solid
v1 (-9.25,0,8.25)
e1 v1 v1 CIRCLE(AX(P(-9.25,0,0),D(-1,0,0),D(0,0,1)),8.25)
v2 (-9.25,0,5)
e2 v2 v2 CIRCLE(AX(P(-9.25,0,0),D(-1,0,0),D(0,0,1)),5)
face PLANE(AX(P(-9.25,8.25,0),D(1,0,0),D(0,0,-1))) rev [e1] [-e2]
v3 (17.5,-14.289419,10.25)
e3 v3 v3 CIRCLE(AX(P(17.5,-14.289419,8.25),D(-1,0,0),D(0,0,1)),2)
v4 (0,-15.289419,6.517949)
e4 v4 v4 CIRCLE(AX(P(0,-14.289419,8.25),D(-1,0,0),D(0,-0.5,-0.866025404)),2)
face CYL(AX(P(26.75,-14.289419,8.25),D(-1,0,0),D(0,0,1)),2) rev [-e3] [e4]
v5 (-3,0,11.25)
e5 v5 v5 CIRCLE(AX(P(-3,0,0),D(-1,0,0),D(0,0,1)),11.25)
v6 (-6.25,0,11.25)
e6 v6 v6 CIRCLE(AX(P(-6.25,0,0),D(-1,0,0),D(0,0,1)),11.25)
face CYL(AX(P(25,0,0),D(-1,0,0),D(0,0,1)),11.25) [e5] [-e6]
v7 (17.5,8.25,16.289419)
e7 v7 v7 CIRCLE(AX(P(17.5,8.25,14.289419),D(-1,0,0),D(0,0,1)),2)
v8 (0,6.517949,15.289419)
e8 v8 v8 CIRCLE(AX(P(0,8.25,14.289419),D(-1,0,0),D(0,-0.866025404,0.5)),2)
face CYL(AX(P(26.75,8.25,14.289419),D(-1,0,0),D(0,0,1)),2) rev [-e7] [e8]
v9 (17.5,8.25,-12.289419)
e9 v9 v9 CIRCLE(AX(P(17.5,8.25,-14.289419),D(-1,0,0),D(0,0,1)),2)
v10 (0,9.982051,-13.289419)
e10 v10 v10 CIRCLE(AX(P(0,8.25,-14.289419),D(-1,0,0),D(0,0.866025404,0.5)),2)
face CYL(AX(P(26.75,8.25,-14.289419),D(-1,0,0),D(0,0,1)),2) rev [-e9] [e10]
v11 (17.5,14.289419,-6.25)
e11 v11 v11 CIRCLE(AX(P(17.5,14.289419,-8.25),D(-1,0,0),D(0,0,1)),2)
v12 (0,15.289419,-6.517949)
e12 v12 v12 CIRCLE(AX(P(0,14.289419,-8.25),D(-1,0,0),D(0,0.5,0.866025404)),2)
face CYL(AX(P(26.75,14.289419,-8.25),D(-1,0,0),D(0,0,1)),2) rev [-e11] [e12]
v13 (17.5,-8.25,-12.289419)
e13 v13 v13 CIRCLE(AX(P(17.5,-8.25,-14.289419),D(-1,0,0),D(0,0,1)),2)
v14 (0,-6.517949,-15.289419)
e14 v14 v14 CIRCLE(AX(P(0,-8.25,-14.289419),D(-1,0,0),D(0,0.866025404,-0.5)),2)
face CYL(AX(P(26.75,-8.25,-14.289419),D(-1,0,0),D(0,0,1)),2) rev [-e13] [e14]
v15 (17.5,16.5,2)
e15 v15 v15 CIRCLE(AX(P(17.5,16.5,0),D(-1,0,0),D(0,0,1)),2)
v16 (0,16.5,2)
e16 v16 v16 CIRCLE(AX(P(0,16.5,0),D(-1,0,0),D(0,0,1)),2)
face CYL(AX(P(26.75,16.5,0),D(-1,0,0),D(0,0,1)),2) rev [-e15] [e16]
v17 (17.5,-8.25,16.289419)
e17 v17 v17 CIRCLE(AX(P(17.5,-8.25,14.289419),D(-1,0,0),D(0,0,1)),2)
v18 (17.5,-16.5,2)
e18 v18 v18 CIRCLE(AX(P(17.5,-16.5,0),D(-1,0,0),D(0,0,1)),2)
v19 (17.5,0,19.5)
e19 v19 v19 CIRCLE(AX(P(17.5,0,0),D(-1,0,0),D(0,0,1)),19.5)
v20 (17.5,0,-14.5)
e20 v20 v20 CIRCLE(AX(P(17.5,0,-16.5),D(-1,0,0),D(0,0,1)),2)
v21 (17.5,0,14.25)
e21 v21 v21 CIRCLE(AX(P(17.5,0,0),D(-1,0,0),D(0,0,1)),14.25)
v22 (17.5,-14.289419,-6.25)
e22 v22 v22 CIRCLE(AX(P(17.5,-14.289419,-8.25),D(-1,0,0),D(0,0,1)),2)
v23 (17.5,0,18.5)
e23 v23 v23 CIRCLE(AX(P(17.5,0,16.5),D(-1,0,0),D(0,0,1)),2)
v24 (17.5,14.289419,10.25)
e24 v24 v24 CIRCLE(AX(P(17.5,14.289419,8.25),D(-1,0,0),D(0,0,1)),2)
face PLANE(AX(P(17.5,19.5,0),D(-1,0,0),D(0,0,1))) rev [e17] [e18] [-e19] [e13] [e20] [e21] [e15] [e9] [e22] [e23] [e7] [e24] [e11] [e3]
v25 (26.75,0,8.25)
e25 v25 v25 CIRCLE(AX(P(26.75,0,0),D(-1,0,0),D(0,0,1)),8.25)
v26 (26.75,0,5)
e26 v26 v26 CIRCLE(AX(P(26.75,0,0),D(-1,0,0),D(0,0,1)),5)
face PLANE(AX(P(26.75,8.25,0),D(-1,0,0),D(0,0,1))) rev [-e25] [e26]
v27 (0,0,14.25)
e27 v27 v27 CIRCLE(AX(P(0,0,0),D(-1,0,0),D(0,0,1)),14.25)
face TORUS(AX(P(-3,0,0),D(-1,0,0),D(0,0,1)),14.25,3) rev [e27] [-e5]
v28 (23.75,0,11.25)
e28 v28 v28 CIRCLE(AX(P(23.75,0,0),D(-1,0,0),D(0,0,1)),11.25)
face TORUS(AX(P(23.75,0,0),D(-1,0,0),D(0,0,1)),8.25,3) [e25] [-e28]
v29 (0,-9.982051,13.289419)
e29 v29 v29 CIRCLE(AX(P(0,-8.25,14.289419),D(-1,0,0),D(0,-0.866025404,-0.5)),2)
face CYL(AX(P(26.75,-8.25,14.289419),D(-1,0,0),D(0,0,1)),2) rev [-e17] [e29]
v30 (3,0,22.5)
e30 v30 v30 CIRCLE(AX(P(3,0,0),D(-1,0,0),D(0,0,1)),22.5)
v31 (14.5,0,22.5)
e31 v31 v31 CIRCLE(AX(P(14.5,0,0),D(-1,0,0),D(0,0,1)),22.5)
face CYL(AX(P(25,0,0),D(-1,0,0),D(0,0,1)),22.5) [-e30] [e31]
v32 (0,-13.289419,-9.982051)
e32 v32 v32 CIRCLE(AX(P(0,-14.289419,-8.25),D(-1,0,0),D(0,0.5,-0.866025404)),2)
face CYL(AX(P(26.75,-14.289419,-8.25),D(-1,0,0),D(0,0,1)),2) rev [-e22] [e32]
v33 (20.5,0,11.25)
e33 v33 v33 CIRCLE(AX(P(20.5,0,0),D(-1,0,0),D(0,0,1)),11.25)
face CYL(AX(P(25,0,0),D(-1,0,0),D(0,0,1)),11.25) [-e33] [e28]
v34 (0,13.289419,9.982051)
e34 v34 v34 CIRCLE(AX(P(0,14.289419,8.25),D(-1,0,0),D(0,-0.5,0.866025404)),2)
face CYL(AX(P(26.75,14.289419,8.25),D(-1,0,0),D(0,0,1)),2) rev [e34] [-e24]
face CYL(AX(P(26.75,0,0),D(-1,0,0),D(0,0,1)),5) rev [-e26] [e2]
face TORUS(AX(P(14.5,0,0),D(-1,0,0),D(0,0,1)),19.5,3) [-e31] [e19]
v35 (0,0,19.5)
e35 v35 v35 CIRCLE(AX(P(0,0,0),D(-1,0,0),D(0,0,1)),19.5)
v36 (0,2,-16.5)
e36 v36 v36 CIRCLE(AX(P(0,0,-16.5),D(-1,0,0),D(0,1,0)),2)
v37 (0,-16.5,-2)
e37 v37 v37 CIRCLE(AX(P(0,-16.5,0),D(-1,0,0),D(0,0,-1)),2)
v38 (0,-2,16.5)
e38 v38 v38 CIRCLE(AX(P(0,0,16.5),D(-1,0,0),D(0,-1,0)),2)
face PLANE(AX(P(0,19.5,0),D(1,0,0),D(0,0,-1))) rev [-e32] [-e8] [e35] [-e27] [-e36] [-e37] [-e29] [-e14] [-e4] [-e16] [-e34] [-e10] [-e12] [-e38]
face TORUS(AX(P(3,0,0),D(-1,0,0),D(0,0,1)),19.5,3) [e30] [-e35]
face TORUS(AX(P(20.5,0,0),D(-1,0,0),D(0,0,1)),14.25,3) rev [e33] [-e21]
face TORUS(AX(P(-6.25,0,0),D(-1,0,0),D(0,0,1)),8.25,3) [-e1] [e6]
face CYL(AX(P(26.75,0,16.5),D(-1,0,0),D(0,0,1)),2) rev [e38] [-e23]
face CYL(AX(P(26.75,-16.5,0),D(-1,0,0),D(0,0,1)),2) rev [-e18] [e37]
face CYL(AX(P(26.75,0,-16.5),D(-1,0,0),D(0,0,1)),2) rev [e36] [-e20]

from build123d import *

# Parameters (mm, degrees)
SKETCH2_R          = 5
CUT_EXTRUDE1_DEPTH = 37
SKETCH3_R          = 2
CUT_EXTRUDE2_DEPTH = 27.75
CIRPATTERN1_COUNT  = 12


with BuildPart() as part:
    # Sketch1 → Revolve1 (revolve)
    with BuildSketch(Plane.XY):
        with BuildLine():
            Line((14.5, 22.5), (3, 22.5))
            ThreePointArc((3, 22.5), (0.878679656, 21.621320344), (0, 19.5))
            Line((0, 19.5), (0, 14.25))
            ThreePointArc((0, 14.25), (-0.878679656, 12.128679656), (-3, 11.25))
            Line((-3, 11.25), (-6.25, 11.25))
            ThreePointArc((-6.25, 11.25), (-8.371320344, 10.371320344), (-9.25, 8.25))
            Line((-9.25, 8.25), (-9.25, 0))
            Line((-9.25, 0), (26.75, 0))
            Line((26.75, 0), (26.75, 8.25))
            ThreePointArc((26.75, 8.25), (25.871320344, 10.371320344), (23.75, 11.25))
            Line((23.75, 11.25), (20.5, 11.25))
            ThreePointArc((20.5, 11.25), (18.378679656, 12.128679656), (17.5, 14.25))
            Line((17.5, 14.25), (17.5, 19.5))
            ThreePointArc((17.5, 19.5), (16.621320344, 21.621320344), (14.5, 22.5))
        make_face()
    revolve(axis=Axis((25, 0, 0), (1, 0, 0)))

    # Sketch2 → Cut-Extrude1 (cut, through all)
    with BuildSketch(Plane.ZY.offset(9.25)):
        Circle(SKETCH2_R)
    extrude(amount=-CUT_EXTRUDE1_DEPTH, mode=Mode.SUBTRACT)

    # Sketch3 → Cut-Extrude2 (cut, through all)
    with BuildSketch(Plane.ZY):
        with Locations((0, 16.5)):
            Circle(SKETCH3_R)
    cut_extrude2 = extrude(amount=-CUT_EXTRUDE2_DEPTH, mode=Mode.SUBTRACT)

    # CirPattern1: Cut-Extrude2 ×12 about axis
    cirpattern1_axis = Axis((0, 0, 0), (1, 0, 0))
    for i in range(1, CIRPATTERN1_COUNT):
        add(cut_extrude2.rotate(cirpattern1_axis, i * 360 / CIRPATTERN1_COUNT), mode=Mode.SUBTRACT)


solid = part.part
